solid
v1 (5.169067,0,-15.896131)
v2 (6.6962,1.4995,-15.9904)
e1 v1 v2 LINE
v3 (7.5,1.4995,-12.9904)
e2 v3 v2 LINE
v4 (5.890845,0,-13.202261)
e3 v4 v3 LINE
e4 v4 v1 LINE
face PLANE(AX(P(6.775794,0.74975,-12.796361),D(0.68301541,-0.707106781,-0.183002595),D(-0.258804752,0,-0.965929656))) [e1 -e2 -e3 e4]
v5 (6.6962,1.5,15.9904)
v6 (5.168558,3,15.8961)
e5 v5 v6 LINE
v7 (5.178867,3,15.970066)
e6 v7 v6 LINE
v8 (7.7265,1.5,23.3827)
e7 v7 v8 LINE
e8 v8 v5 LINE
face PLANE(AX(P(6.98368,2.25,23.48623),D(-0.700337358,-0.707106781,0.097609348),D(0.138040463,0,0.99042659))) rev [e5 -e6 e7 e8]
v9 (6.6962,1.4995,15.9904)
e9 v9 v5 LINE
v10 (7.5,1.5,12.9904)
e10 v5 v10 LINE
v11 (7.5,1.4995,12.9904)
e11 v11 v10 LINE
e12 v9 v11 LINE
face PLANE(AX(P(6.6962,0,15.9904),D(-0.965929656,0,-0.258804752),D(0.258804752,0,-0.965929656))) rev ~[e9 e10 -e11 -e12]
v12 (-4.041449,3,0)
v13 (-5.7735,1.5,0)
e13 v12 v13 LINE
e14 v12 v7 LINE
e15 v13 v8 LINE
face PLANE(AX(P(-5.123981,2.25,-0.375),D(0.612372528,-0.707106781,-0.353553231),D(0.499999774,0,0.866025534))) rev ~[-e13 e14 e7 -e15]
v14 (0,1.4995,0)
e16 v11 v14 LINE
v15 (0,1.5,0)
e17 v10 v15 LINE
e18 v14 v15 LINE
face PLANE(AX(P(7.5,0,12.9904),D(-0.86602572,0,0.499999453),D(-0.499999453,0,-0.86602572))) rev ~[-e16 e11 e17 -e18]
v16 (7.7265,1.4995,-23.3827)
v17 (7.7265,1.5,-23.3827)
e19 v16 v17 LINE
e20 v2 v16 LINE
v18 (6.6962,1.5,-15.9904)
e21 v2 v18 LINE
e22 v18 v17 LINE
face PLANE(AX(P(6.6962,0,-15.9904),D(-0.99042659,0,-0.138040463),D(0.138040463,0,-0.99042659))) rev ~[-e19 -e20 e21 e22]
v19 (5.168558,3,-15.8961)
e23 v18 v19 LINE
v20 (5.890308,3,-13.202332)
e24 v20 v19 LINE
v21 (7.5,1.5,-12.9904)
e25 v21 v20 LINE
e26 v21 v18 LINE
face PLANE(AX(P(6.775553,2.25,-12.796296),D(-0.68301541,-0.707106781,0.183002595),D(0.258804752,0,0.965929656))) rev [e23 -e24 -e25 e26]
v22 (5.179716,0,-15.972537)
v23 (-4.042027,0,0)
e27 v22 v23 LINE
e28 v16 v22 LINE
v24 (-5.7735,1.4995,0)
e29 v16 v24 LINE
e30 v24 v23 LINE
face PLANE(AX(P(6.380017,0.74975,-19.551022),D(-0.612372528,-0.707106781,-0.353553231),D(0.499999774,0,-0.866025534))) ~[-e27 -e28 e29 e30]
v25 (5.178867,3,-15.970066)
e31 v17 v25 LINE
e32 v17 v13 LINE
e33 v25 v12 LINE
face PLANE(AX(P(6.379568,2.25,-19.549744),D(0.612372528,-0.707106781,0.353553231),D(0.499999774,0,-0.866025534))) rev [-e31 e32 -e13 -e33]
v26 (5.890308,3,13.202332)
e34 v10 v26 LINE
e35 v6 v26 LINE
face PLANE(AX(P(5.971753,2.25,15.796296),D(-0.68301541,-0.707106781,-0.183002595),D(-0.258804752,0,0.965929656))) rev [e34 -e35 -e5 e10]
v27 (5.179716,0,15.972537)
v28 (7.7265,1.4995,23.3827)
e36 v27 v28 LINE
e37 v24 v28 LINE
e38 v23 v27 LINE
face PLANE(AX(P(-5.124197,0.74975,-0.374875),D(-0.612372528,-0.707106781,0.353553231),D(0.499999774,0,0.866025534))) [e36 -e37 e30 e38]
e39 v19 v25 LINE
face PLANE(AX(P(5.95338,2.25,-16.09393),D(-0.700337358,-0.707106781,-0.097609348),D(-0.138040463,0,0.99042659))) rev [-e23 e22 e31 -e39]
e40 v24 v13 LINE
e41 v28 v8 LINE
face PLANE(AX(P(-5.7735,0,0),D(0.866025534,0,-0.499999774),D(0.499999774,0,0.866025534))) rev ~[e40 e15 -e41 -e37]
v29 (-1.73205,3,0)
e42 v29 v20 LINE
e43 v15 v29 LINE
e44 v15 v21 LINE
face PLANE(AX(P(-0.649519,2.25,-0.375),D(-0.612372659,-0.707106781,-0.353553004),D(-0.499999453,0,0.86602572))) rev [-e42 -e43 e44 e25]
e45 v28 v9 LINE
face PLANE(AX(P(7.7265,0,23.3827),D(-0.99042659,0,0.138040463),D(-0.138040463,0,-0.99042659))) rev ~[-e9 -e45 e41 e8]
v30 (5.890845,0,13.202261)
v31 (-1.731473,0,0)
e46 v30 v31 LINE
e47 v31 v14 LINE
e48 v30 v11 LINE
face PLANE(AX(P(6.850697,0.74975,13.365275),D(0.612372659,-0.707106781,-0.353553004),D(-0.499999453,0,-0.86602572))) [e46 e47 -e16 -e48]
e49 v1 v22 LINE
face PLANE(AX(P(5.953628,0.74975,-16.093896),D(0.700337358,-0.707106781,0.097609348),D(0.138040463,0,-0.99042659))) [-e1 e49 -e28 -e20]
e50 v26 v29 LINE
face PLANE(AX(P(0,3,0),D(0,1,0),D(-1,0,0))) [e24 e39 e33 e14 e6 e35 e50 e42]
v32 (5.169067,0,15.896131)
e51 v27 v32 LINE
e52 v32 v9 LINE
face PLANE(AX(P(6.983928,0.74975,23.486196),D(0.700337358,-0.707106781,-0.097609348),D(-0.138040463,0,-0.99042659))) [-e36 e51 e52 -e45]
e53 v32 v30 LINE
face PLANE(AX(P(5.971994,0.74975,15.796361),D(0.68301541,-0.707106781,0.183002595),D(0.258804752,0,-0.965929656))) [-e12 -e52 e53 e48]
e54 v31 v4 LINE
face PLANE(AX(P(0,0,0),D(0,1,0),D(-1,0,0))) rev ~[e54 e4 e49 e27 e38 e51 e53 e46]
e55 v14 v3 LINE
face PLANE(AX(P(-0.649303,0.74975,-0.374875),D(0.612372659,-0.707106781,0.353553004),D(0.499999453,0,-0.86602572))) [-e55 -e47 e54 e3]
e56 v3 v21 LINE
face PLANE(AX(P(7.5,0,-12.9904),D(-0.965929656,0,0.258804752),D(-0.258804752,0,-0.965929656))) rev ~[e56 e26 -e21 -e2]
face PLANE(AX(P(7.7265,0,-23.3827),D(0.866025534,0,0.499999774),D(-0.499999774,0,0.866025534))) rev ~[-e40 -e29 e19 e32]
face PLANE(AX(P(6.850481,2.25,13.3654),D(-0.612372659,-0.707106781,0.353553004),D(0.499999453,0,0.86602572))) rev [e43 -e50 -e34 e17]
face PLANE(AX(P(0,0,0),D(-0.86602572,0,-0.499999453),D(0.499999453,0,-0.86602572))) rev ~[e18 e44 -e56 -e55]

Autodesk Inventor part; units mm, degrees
ref_plane "YZ Plane" through (0, 0, 0) normal (1, 0, 0) x (0, 1, 0)
ref_plane "XZ Plane" through (0, 0, 0) normal (0, 1, 0) x (-1, 0, 0)
ref_plane "XY Plane" through (0, 0, 0) normal (0, 0, 1) x (1, 0, 0)
sketch "Sketch1" plane through (0, 0, 0) normal (0, 1, 0) x (-1, 0, 0)
  line L0 (5.7735, 0) -> (-7.7265, 23.3827)
  line L1 (-7.7265, 23.3827) -> (-6.6962, 15.9904)
  line L2 (-6.6962, 15.9904) -> (-7.5, 12.9904)
  line L3 (-7.5, 12.9904) -> (0, 0)
  line L4 (0, 0) -> (-7.5, -12.9904)
  line L5 (-7.5, -12.9904) -> (-6.6962, -15.9904)
  line L6 (-6.6962, -15.9904) -> (-7.7265, -23.3827)
  line L7 (-7.7265, -23.3827) -> (5.7735, 0)
  line L8 (14.7308, 0) -> (-3.2807, 0) construction
  dimension "d0" = 0
  dimension "d1" = 0
  dimension "d2" = 0
  dimension "d3" = 60
  dimension "d4" = 60
  dimension "d5" = 5
  dimension "d6" = 135
  dimension "d7" = 135
  dimension "d8" = 15
  dimension "d9" = 15
  dimension "d10" = 3
  dimension "d11" = 3
  dimension "d12" = 27
  dimension "d13" = 27
extrude "Extrusion1" add sketch "Sketch1" along normal blind 3
chamfer "Chamfer1" distance 1.5 angle 45 6 edges at (3.75, 3, 6.4952) (3.75, 3, -6.4952) (7.0981, 3, -14.4904) (7.0981, 3, 14.4904) (7.2113, 3, 19.6865) (7.2113, 3, -19.6865)
chamfer "Chamfer2" distance 1.5 angle 45 2 edges at (-0.0217, 3, 9.9623) (-0.0217, 3, -9.9623)
chamfer "Chamfer3" distance 1.5 angle 45 6 edges at (3.75, 0, -6.4952) (7.0981, 0, -14.4904) (7.2113, 0, -19.6865) (3.75, 0, 6.4952) (7.2113, 0, 19.6865) (7.0981, 0, 14.4904)
chamfer "Chamfer4" distance 1.5 angle 45 2 edges at (-0.0214, 0, -9.9629) (-0.0214, 0, 9.9629)
properties part number "SpeedRank"
